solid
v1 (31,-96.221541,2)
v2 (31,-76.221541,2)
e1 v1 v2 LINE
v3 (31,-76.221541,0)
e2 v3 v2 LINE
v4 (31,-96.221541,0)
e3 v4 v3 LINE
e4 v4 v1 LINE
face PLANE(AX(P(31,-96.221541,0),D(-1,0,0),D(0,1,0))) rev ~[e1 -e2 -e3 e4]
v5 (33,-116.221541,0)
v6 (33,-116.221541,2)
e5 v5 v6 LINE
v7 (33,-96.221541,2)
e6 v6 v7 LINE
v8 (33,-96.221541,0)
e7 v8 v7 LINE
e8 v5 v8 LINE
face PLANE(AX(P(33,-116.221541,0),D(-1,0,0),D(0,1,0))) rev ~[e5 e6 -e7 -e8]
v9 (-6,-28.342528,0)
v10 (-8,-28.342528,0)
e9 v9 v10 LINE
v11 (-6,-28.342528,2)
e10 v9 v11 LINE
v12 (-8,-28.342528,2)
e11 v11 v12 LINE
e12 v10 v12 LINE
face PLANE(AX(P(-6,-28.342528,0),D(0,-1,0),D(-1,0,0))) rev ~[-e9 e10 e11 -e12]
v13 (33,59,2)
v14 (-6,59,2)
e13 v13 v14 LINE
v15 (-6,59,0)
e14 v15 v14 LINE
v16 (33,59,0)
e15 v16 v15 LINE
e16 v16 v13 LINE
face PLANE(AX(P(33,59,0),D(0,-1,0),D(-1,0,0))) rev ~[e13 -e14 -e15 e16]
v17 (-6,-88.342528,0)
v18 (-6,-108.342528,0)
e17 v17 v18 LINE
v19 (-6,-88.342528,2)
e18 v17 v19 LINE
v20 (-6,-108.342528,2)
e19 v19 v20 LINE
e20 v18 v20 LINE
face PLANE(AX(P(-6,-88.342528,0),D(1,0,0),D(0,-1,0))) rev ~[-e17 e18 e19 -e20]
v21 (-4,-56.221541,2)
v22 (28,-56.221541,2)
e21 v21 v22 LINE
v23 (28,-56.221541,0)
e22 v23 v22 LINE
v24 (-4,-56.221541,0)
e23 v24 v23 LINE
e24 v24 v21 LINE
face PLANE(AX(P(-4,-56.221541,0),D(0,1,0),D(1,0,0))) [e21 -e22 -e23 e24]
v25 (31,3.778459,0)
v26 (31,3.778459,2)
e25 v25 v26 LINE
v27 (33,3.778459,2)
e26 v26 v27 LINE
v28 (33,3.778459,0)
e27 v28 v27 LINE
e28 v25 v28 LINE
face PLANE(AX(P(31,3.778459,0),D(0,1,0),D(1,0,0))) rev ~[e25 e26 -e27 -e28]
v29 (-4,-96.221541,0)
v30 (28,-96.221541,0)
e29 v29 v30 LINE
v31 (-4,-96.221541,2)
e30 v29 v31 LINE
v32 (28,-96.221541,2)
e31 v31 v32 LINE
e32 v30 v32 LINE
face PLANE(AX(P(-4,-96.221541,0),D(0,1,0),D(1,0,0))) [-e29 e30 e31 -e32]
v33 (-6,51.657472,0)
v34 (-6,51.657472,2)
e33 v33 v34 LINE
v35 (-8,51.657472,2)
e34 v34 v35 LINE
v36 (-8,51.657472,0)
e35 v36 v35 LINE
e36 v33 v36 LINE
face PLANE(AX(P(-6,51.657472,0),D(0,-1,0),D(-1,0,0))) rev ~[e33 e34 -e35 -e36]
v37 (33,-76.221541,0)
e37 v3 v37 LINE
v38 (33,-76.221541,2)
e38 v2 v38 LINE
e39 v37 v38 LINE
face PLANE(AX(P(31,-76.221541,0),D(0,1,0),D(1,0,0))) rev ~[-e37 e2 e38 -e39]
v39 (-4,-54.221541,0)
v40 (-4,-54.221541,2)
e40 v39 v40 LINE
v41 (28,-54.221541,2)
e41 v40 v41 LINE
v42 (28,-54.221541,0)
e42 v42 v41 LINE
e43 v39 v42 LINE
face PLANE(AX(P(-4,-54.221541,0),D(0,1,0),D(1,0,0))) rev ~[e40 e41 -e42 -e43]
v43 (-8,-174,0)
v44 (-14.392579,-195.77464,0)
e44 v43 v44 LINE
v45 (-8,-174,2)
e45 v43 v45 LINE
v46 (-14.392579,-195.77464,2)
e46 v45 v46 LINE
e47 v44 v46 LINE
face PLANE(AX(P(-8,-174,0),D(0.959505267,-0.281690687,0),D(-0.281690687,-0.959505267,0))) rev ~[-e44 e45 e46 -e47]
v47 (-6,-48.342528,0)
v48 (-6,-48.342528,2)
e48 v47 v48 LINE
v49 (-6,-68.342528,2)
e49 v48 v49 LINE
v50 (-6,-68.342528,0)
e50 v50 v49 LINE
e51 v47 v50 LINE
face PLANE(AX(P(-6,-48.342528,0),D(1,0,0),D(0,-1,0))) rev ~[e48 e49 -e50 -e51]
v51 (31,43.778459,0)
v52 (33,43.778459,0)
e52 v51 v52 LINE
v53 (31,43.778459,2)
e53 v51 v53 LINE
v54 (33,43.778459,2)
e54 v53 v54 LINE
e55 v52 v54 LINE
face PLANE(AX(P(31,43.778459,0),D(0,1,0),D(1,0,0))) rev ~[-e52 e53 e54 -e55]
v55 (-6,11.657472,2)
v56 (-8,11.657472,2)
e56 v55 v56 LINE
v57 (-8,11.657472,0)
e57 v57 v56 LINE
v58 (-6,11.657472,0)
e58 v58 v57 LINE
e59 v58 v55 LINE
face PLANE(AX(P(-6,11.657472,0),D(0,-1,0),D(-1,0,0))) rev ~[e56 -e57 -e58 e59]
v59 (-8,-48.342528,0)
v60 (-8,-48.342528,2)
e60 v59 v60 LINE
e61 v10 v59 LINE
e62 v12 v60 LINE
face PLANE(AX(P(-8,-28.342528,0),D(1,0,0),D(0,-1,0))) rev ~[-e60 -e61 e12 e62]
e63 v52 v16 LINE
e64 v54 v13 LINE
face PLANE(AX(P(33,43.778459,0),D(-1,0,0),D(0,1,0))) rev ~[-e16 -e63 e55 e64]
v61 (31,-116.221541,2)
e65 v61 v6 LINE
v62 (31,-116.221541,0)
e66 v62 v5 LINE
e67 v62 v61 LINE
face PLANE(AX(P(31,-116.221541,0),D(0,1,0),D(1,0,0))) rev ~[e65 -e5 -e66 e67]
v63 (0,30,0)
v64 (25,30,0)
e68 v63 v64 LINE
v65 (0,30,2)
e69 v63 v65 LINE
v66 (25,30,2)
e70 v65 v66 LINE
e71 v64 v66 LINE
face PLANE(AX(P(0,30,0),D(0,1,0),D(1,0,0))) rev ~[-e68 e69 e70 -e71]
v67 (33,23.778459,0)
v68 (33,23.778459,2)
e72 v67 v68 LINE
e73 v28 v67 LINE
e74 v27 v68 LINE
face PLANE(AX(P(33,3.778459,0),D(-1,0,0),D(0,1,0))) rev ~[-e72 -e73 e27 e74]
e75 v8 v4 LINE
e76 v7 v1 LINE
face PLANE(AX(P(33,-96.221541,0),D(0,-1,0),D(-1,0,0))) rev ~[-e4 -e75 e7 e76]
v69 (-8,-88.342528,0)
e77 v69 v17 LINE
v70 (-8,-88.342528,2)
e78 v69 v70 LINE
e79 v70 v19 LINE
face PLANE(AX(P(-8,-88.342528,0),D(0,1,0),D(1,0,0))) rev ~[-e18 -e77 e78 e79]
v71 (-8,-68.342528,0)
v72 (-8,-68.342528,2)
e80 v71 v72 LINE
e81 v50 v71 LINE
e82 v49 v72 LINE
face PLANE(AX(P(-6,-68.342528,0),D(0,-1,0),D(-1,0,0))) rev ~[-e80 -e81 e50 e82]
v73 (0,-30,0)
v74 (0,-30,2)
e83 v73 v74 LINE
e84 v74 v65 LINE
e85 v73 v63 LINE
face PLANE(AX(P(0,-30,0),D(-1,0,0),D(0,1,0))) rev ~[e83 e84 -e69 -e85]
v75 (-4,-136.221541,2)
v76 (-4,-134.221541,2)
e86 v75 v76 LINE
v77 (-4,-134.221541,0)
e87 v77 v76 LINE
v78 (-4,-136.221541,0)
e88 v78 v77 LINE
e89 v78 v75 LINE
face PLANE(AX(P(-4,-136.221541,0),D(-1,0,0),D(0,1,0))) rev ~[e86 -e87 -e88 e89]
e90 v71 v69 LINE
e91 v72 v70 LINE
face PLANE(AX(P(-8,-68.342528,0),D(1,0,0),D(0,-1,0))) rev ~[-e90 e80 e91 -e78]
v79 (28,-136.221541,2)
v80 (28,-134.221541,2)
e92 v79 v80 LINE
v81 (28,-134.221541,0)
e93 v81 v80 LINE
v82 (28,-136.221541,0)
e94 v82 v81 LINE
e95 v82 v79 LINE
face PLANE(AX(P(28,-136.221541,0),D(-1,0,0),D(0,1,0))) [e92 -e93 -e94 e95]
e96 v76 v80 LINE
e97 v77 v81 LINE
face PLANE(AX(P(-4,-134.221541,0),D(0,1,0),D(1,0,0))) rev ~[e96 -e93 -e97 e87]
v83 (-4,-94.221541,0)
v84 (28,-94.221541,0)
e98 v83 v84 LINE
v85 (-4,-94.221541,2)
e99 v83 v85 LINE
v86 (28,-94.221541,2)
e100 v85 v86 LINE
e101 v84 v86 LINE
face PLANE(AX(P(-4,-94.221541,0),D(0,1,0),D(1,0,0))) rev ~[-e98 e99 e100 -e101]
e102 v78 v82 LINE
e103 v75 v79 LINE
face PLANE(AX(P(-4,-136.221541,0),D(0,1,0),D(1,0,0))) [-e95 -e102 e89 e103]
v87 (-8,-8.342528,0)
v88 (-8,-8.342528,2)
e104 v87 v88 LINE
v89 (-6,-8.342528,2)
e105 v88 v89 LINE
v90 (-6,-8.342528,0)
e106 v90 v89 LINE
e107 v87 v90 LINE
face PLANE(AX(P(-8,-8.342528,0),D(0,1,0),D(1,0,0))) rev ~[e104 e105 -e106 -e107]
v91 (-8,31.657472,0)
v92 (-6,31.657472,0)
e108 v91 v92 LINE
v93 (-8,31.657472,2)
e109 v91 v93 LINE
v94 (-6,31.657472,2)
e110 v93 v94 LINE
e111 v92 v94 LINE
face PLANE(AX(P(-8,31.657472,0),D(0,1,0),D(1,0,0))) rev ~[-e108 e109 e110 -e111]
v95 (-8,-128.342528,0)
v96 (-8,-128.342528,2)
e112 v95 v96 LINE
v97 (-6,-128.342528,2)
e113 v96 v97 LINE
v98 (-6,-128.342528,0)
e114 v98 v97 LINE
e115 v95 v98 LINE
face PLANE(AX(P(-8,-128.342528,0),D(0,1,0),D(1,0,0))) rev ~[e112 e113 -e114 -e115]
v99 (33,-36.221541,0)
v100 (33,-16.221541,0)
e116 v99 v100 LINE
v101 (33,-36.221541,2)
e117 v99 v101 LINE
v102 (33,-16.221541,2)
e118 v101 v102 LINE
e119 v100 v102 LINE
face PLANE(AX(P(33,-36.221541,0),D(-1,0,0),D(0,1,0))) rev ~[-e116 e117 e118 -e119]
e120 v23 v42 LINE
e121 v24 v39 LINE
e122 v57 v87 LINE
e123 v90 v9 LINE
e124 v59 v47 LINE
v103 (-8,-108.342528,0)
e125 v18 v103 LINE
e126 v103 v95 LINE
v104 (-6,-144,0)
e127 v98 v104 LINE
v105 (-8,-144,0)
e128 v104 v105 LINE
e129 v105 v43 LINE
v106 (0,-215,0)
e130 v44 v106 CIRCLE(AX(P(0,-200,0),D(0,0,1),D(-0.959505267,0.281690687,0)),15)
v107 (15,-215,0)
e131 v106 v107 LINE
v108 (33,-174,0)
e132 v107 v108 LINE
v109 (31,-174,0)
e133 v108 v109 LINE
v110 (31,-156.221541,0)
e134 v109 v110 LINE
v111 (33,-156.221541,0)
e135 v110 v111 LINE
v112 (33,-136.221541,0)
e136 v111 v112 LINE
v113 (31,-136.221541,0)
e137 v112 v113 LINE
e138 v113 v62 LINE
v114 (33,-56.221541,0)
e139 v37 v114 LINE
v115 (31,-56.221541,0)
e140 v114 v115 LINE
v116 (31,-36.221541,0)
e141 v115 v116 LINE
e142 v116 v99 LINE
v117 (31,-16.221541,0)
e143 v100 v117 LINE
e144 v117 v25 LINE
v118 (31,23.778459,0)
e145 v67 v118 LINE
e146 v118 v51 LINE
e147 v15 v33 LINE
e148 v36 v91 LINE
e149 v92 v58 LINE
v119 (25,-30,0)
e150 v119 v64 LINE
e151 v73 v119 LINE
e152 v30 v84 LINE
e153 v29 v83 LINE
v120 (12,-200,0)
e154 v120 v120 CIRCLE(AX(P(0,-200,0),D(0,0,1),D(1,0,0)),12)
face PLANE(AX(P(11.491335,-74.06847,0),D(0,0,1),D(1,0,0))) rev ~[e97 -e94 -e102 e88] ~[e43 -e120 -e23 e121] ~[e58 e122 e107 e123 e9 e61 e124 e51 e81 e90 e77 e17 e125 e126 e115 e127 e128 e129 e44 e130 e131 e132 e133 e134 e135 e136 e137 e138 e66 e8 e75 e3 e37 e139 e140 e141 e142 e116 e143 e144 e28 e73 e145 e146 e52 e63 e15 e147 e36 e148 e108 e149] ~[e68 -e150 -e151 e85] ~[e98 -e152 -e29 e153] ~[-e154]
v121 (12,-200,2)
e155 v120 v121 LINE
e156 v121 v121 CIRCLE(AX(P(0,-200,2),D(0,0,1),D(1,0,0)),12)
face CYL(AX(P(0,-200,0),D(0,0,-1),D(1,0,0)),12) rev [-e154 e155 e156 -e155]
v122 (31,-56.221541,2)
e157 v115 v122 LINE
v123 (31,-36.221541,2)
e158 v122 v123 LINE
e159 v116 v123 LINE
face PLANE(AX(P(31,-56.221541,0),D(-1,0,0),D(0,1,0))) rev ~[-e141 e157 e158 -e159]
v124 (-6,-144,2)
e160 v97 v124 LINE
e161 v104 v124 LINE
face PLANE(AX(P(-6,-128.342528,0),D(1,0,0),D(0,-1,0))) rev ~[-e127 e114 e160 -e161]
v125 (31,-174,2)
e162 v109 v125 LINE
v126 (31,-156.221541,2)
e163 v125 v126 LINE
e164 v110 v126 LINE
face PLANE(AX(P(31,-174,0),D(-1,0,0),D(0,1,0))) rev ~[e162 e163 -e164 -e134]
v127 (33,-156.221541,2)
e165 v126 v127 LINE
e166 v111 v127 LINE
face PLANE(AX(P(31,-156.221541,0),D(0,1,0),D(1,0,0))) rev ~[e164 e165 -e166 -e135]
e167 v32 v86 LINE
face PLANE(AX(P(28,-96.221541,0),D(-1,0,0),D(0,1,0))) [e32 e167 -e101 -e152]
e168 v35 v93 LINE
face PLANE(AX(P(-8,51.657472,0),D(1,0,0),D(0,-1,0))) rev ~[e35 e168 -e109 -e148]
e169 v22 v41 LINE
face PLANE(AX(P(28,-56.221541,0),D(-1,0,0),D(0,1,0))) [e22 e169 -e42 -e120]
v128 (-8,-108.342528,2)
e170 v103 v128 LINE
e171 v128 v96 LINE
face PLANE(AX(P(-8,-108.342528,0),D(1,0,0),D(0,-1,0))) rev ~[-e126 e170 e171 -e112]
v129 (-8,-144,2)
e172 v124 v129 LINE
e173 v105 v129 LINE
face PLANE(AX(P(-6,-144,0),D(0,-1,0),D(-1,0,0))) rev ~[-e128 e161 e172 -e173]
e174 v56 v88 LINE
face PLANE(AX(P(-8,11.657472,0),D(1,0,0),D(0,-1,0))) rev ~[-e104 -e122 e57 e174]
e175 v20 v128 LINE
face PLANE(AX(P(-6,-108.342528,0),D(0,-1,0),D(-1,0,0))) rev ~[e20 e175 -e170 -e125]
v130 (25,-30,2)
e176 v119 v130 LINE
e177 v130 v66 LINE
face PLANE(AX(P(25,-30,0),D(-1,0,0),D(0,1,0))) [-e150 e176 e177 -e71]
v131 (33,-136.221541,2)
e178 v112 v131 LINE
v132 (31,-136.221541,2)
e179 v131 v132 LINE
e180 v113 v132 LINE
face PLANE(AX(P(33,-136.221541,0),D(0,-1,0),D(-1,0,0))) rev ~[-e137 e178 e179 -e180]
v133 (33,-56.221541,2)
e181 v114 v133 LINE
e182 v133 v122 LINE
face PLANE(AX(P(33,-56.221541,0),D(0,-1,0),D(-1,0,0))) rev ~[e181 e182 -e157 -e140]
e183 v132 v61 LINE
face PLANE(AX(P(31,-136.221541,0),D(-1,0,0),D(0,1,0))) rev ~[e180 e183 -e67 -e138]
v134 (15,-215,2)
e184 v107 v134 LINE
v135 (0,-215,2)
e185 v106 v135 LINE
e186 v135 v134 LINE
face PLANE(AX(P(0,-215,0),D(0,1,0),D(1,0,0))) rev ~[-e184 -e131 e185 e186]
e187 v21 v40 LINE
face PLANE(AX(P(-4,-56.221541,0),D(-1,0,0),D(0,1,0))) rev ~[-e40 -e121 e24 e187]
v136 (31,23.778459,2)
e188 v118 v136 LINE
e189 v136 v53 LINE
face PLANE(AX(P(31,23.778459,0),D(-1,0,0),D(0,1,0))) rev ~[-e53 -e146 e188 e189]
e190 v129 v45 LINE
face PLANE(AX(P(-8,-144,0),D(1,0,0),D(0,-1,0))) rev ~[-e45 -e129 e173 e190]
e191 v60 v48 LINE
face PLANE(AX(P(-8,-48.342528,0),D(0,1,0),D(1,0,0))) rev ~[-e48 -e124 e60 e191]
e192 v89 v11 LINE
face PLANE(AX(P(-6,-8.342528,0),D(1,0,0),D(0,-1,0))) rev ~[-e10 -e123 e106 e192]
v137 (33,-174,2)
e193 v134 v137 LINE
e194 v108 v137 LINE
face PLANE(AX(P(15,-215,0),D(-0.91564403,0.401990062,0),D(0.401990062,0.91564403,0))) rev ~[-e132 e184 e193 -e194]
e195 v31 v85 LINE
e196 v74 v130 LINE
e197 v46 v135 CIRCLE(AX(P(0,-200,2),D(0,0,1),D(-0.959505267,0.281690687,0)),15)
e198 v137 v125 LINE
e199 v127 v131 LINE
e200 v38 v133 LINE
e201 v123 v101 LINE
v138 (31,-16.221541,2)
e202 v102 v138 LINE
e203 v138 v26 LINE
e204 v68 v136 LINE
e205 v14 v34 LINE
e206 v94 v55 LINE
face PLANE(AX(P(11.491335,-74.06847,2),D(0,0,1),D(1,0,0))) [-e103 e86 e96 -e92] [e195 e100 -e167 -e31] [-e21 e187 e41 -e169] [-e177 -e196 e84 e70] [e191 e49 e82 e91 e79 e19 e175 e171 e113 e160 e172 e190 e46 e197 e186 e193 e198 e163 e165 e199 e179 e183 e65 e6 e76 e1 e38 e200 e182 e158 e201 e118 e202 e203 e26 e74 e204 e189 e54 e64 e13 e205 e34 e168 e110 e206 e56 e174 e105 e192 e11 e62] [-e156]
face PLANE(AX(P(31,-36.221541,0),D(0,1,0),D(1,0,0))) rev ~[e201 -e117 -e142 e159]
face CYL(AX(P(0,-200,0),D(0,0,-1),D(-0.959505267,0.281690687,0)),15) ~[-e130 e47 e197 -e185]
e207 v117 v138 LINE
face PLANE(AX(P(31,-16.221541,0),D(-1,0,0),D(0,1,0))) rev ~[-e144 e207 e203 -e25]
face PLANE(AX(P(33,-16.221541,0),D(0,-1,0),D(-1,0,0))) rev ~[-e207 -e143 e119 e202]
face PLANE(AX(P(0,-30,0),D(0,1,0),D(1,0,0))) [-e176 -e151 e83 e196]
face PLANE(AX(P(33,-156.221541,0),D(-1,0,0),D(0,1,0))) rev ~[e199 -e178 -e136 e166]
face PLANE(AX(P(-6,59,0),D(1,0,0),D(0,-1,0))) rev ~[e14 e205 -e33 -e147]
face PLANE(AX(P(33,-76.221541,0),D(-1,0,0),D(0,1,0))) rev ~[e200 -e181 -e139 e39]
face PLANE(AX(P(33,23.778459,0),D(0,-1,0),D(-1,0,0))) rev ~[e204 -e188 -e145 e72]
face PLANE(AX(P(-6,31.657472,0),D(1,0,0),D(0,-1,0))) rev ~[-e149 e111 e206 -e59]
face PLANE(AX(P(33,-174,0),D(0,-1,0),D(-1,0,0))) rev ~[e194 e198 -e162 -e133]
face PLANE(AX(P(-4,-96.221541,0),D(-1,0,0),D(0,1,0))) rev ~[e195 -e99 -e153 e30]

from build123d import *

# Parameters (mm, degrees)
SKETCH_1_R      = 12
SKETCH_1_W      = 32
SKETCH_1_H      = 2
SKETCH_1_W_2    = 25
SKETCH_1_H_2    = 60
EXTRUDE_1_DEPTH = 2


with BuildPart() as part:
    # 草图1 → 凸台-拉伸1 (new body)
    with BuildSketch(Plane.XY):
        with BuildLine():
            Line((-8, -48.342527861), (-6, -48.342527861))
            Line((-6, -48.342527861), (-6, -68.342527861))
            Line((-6, -68.342527861), (-8, -68.342527861))
            Line((-8, -68.342527861), (-8, -88.342527861))
            Line((-8, -88.342527861), (-6, -88.342527861))
            Line((-6, -88.342527861), (-6, -108.342527861))
            Line((-6, -108.342527861), (-8, -108.342527861))
            Line((-8, -108.342527861), (-8, -128.342527861))
            Line((-8, -128.342527861), (-6, -128.342527861))
            Line((-6, -128.342527861), (-6, -144.000000011))
            Line((-6, -144.000000011), (-8, -144.000000011))
            Line((-8, -144.000000011), (-8, -174))
            Line((-8, -174), (-14.392579, -195.774639692))
            ThreePointArc((-14.392579, -195.774639692), (-12.007922481, -208.989426995), (0, -215))
            Line((0, -215), (15, -215))
            Line((15, -215), (33, -174))
            Line((33, -174), (31, -174))
            Line((31, -174), (31, -156.221540553))
            Line((31, -156.221540553), (33, -156.221540553))
            Line((33, -156.221540553), (33, -136.221540553))
            Line((33, -136.221540553), (31, -136.221540553))
            Line((31, -136.221540553), (31, -116.221540553))
            Line((31, -116.221540553), (33, -116.221540553))
            Line((33, -116.221540553), (33, -96.221540553))
            Line((33, -96.221540553), (31, -96.221540553))
            Line((31, -96.221540553), (31, -76.221540553))
            Line((31, -76.221540553), (33, -76.221540553))
            Line((33, -76.221540553), (33, -56.221540553))
            Line((33, -56.221540553), (31, -56.221540553))
            Line((31, -56.221540553), (31, -36.221540553))
            Line((31, -36.221540553), (33, -36.221540553))
            Line((33, -36.221540553), (33, -16.221540553))
            Line((33, -16.221540553), (31, -16.221540553))
            Line((31, -16.221540553), (31, 3.778459447))
            Line((31, 3.778459447), (33, 3.778459447))
            Line((33, 3.778459447), (33, 23.778459447))
            Line((33, 23.778459447), (31, 23.778459447))
            Line((31, 23.778459447), (31, 43.778459447))
            Line((31, 43.778459447), (33, 43.778459447))
            Line((33, 43.778459447), (33, 49))
            Line((33, 49), (33, 59))
            Line((33, 59), (-6, 59))
            Line((-6, 59), (-6, 51.657472139))
            Line((-6, 51.657472139), (-8, 51.657472139))
            Line((-8, 51.657472139), (-8, 31.657472139))
            Line((-8, 31.657472139), (-6, 31.657472139))
            Line((-6, 31.657472139), (-6, 11.657472139))
            Line((-6, 11.657472139), (-8, 11.657472139))
            Line((-8, 11.657472139), (-8, -8.342527861))
            Line((-8, -8.342527861), (-6, -8.342527861))
            Line((-6, -8.342527861), (-6, -28.342527861))
            Line((-6, -28.342527861), (-8, -28.342527861))
            Line((-8, -28.342527861), (-8, -48.342527861))
        make_face()
        with Locations((0, -200)):
            Circle(SKETCH_1_R, mode=Mode.SUBTRACT)
        with Locations((12, -55.221540553)):
            Rectangle(SKETCH_1_W, SKETCH_1_H, mode=Mode.SUBTRACT)
        with Locations((12, -95.221540553)):
            Rectangle(SKETCH_1_W, SKETCH_1_H, mode=Mode.SUBTRACT)
        with Locations((12, -135.221540553)):
            Rectangle(SKETCH_1_W, SKETCH_1_H, mode=Mode.SUBTRACT)
        with Locations((12.5, 0)):
            Rectangle(SKETCH_1_W_2, SKETCH_1_H_2, mode=Mode.SUBTRACT)
    extrude(amount=EXTRUDE_1_DEPTH)


solid = part.part
